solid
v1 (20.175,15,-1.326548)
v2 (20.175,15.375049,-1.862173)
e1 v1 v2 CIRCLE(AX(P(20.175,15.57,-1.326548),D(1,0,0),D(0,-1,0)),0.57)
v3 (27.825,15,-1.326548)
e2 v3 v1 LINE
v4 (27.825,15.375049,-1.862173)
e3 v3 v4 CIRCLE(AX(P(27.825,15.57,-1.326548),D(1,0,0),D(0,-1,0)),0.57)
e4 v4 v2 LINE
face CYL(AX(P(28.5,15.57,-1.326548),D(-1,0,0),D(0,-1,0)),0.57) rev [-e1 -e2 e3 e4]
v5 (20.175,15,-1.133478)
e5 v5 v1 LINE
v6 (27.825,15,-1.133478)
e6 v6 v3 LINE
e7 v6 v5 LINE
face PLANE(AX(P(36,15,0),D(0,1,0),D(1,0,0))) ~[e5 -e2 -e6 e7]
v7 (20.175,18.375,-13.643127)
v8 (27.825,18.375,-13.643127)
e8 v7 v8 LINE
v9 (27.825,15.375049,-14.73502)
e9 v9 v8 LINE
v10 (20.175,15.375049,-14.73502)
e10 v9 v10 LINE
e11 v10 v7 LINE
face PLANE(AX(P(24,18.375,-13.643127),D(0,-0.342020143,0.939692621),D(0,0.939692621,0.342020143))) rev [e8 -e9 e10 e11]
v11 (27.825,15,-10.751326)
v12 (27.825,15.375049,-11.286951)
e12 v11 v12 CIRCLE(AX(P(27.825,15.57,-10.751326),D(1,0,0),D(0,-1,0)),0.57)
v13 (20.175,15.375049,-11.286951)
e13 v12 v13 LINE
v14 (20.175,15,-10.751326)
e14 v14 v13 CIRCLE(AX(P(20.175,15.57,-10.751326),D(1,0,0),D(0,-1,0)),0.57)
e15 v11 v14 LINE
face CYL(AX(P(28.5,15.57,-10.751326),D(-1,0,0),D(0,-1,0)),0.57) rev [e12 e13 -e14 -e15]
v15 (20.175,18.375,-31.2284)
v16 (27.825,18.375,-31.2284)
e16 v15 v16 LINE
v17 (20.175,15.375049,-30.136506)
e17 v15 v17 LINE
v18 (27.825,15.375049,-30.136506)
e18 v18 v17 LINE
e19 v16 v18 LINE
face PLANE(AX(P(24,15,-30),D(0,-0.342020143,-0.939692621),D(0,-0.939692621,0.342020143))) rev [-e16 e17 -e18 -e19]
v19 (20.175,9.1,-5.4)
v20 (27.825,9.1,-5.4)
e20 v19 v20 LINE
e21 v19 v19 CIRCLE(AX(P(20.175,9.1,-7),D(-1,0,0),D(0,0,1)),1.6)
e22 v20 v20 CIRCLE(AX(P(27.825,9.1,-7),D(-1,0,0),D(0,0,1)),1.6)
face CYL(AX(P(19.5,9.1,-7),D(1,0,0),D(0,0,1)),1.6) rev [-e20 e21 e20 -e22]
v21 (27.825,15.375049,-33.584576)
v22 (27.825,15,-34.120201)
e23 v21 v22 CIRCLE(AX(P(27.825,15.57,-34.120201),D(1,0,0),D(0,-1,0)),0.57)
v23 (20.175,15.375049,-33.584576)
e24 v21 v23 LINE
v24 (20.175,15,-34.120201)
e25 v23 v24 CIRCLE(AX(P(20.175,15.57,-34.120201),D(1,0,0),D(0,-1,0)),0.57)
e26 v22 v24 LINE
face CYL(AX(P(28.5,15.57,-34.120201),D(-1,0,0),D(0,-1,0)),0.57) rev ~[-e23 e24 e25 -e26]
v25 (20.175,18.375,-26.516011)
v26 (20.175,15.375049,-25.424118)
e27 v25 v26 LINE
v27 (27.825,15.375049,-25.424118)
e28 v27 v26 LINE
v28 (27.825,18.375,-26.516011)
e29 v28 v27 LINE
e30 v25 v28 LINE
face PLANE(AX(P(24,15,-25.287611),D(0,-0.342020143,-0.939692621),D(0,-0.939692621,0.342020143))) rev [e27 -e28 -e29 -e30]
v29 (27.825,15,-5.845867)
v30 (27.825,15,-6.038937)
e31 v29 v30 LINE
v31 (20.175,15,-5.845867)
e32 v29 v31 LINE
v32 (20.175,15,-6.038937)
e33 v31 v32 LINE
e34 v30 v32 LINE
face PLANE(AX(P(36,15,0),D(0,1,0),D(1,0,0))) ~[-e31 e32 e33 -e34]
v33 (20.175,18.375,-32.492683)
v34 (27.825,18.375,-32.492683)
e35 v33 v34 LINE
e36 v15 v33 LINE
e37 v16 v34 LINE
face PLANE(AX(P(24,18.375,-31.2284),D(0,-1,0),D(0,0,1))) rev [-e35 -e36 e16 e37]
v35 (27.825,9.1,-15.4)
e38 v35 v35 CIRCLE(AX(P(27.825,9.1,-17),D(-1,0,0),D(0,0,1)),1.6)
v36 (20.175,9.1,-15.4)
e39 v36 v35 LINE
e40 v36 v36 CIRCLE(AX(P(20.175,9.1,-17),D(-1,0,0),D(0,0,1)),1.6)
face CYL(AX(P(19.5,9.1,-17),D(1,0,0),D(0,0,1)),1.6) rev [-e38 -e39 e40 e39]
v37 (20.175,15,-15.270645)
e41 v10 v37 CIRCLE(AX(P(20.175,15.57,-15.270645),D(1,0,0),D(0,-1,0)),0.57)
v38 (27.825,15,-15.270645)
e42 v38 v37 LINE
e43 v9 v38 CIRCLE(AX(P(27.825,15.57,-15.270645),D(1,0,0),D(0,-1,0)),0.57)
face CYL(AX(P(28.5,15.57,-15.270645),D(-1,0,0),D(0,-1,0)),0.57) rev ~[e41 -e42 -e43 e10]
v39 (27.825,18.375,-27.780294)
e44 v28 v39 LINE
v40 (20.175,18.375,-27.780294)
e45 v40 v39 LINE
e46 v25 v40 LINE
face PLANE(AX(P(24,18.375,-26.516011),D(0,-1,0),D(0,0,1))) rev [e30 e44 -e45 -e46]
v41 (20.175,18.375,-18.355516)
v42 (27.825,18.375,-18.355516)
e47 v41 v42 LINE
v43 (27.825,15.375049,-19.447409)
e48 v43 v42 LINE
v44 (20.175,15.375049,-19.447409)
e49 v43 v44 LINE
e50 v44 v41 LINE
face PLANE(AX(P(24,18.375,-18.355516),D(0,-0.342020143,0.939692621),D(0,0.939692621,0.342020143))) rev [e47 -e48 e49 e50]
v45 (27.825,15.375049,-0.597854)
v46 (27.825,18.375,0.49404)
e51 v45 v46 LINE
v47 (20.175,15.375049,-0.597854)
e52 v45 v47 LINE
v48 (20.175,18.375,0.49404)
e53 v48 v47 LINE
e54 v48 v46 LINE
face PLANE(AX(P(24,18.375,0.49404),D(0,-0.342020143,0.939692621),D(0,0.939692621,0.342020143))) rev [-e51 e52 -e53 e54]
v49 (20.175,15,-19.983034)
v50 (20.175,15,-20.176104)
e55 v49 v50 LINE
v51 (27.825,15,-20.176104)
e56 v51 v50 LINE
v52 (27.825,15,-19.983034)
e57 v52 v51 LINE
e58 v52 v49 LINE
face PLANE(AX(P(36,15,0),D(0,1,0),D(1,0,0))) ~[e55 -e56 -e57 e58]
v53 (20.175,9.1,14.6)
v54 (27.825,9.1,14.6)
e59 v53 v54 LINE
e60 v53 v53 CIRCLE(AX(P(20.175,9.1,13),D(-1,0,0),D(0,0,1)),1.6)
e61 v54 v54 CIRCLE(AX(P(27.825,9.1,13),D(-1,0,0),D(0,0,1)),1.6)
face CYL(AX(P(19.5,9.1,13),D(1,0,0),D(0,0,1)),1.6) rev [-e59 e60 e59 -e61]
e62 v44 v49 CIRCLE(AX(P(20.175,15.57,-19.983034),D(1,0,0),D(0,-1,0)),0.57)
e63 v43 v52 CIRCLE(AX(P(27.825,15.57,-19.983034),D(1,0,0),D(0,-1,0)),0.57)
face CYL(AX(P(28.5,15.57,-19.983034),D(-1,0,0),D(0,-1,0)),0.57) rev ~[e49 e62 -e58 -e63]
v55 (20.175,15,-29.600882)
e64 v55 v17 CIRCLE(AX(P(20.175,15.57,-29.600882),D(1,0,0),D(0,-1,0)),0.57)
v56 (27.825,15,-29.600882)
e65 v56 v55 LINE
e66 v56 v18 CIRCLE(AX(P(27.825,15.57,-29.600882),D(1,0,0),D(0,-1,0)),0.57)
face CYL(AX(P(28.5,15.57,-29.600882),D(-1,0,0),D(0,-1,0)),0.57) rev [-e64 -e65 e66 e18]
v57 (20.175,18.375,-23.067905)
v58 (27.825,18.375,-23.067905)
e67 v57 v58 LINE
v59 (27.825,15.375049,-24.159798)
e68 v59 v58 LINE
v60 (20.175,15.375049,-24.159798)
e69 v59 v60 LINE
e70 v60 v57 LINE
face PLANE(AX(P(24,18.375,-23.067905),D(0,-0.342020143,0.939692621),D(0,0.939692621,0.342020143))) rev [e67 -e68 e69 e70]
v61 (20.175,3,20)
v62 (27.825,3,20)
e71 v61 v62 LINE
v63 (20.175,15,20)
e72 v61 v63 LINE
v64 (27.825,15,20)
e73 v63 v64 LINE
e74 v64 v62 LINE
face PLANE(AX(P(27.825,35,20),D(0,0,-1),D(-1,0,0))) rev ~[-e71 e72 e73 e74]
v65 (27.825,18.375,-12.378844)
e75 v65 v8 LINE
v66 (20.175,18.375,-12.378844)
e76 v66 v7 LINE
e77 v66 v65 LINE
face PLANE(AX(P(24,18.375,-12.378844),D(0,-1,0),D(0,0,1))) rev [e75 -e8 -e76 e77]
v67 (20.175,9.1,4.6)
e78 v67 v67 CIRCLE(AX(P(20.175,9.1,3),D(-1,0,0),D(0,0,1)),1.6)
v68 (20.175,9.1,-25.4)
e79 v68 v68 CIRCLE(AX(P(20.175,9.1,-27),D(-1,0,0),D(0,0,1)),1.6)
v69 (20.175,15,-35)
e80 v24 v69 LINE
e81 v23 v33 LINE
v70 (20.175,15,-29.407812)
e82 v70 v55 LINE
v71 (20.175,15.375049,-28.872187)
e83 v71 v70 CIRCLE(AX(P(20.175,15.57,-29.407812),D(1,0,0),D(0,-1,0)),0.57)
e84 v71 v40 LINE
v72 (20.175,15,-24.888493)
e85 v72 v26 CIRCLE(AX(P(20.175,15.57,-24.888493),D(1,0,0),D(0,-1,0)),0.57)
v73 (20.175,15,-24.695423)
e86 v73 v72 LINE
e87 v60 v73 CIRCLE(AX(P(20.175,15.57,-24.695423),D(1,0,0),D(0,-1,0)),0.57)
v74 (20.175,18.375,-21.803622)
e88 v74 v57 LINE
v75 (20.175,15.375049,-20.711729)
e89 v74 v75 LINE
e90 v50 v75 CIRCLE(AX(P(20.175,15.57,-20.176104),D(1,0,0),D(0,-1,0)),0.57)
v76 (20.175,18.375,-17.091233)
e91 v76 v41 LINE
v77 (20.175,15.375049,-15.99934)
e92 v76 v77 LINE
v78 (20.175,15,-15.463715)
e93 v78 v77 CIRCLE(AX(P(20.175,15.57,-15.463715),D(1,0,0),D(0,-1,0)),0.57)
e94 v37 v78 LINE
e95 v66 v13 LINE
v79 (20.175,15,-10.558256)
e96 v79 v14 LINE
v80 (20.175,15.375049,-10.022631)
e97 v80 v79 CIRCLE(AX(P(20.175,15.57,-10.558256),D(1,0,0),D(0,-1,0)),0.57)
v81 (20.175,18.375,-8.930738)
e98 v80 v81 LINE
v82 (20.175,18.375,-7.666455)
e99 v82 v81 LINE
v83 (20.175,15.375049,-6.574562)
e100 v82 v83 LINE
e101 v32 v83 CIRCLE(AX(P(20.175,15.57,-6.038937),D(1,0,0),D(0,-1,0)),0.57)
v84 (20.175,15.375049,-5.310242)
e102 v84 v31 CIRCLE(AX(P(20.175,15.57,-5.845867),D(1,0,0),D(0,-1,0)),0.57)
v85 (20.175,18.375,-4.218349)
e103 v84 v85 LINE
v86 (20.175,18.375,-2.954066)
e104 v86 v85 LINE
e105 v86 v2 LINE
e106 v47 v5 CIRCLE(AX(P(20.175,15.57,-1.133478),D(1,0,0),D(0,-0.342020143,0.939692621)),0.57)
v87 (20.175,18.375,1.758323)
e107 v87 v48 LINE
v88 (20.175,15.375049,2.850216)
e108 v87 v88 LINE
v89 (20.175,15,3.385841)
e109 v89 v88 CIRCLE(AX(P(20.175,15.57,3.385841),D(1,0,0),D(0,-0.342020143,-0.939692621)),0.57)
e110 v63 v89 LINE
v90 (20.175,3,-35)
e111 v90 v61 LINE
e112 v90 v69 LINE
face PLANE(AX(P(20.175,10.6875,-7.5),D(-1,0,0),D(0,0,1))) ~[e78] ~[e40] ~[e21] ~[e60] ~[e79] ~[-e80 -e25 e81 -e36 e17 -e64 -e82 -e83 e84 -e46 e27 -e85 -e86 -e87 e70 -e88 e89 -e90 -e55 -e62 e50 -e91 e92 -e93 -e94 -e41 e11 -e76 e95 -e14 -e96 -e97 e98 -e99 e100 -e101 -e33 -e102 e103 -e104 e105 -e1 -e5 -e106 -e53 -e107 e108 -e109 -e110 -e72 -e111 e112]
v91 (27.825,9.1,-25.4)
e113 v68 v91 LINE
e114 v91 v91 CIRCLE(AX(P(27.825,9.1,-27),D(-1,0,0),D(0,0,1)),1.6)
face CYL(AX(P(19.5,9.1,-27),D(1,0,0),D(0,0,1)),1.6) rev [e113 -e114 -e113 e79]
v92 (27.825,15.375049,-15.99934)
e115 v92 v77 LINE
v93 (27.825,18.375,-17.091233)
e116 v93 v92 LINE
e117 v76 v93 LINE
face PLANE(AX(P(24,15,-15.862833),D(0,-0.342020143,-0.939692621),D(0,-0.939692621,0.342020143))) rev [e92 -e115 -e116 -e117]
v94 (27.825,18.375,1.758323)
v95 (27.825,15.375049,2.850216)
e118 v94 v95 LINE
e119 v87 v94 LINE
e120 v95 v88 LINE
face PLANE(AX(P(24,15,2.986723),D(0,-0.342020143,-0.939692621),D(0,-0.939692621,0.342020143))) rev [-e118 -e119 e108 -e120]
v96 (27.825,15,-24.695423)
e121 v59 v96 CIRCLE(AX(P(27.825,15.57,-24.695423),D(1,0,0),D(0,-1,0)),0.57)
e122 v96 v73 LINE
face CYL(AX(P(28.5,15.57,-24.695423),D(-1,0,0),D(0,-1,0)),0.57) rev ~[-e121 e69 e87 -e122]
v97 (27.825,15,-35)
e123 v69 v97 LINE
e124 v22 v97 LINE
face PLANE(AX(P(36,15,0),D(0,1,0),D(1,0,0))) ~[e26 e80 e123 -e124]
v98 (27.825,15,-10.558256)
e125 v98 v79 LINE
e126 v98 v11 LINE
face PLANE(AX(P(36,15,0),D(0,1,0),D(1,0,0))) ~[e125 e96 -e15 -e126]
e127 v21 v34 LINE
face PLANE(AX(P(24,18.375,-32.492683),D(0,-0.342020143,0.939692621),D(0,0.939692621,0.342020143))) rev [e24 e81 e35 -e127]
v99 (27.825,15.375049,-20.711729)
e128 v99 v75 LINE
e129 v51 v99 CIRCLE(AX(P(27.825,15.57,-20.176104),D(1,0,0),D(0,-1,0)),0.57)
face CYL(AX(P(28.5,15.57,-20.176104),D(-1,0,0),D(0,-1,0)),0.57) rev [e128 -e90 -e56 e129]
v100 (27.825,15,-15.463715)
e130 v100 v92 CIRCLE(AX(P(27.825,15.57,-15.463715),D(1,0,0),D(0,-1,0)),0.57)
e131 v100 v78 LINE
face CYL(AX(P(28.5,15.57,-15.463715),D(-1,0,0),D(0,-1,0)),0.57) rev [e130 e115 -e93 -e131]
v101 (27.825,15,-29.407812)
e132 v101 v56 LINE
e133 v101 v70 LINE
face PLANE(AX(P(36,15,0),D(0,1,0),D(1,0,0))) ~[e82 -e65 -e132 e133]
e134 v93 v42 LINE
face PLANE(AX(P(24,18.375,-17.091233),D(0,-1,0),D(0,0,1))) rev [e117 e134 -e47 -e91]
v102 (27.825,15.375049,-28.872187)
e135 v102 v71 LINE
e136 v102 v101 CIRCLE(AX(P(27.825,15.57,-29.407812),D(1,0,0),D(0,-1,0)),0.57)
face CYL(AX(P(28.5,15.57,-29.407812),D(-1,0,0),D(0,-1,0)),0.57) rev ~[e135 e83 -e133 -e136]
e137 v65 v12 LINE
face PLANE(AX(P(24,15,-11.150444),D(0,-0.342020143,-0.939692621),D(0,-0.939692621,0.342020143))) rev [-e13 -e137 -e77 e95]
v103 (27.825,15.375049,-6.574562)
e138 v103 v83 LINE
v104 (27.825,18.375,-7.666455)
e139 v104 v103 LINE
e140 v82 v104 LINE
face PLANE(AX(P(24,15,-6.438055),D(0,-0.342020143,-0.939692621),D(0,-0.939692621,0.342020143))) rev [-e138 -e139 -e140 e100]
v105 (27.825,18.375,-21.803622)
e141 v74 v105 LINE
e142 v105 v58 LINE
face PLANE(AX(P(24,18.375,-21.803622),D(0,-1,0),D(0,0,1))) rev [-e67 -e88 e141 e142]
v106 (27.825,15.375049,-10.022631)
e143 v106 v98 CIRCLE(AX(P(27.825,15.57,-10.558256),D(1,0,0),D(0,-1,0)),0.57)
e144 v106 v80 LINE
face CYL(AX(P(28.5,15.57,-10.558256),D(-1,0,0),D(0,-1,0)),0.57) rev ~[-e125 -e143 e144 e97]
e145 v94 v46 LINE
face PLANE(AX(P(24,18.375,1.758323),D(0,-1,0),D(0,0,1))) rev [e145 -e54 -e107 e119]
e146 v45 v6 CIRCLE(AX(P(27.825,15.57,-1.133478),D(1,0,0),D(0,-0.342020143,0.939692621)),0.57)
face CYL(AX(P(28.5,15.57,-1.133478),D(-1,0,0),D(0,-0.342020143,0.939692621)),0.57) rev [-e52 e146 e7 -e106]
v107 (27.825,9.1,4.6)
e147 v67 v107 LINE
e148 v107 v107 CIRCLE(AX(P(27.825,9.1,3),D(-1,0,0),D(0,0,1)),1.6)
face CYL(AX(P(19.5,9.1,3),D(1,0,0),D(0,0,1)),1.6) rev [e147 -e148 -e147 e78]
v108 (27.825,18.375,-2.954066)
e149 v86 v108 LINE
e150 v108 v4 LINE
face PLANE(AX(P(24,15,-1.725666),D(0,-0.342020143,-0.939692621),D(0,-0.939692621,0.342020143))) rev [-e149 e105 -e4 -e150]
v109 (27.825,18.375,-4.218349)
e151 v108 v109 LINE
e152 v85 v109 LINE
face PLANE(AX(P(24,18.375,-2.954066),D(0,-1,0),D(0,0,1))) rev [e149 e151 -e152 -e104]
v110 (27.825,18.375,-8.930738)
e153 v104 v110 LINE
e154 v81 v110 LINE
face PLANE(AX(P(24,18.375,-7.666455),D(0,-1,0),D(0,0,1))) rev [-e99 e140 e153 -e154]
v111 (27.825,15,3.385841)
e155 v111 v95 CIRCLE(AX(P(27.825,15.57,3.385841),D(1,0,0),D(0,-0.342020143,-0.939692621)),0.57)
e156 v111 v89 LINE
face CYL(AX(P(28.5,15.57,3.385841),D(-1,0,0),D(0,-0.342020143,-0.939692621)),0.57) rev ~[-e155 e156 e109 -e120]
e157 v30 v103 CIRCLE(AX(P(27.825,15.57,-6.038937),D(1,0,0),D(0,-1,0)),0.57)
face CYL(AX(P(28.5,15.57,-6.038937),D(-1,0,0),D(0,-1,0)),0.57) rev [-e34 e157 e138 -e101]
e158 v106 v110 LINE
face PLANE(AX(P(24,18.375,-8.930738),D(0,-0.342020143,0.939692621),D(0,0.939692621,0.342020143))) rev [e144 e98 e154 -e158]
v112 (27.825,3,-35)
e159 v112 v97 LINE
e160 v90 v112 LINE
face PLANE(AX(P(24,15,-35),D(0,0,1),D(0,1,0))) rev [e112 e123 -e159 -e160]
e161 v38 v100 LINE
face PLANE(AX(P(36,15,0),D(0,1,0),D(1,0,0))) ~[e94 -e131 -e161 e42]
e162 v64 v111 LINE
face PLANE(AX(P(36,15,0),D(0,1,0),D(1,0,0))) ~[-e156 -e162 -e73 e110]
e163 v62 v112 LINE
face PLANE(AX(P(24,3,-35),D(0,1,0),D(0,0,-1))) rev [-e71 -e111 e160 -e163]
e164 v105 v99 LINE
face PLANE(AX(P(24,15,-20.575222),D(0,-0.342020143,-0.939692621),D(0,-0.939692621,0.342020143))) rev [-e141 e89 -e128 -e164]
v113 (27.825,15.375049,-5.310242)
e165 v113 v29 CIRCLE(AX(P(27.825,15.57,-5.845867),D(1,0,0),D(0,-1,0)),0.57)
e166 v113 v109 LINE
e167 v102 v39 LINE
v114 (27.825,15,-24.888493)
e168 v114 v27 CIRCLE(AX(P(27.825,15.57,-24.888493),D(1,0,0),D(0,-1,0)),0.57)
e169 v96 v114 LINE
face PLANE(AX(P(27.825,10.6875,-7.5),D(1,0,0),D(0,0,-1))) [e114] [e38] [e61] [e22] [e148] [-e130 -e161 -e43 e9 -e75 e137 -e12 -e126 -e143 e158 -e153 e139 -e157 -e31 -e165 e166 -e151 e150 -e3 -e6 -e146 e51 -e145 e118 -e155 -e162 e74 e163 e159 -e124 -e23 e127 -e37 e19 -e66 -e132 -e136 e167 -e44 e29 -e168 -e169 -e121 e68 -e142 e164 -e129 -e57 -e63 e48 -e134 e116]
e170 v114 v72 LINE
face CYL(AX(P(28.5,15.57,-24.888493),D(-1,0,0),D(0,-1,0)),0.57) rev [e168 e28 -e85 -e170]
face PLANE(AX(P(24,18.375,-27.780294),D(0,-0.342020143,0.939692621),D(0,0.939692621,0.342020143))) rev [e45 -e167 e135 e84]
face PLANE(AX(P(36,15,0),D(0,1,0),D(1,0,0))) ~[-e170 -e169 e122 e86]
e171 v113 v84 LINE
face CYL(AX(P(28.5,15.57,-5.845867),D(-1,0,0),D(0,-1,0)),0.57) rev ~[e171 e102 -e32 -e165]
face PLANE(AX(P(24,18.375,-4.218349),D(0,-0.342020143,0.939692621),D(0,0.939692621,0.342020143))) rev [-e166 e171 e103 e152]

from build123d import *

# Parameters (mm, degrees)
ESQUISSE1_W                 = 24
ESQUISSE1_H                 = 30
MAIN_EXTRUSION_DEPTH        = 30
MAIN_RIDING_HOLE_DEPTH      = 36.623026261
ESQUISSE4_R                 = 2.25
TRACTORHOLE_DEPTH           = 8
IMPACTPIECE_DEPTH           = 4.5
CONG_1_R                    = 3
TEETH_DEPTH                 = 4.5
CONG_3_R                    = 0.57
TEETHREPETITION_COUNT       = 8
TEETHREPETITION_PITCH       = 4.71238898
CONG_3_OF_TEETHREPETITION_R = 0.57
ESQUISSE9_W                 = 55
ESQUISSE9_H                 = 15.375
BRACKET_DEPTH               = 0.675
ESQUISSE10_R                = 1.6
BRACKETHOLE_DEPTH           = 60.348546739
BRACKETHOLEREPETITION_COUNT = 5
BRACKETHOLEREPETITION_PITCH = 10
ESQUISSE11_W                = 7.5
ESQUISSE11_H                = 5.5
ESQUISSE11_H_2              = 7.6
RAILHOLE_DEPTH              = 20
TOPIMPACTCUT_DEPTH          = 60.348546739
ESQUISSE13_W                = 24
ESQUISSE13_H                = 50
MAKERBEAMMAINHOLE_DEPTH     = 95.451045521
KEEPONLYTRACTOR1_DEPTH      = 77.295478241
SKETCH2_W                   = 20
SKETCH2_H                   = 5.6
KEEPONLYTRACTOR2_DEPTH      = 41.263670039


with BuildPart() as part:
    # Esquisse1 → Main Extrusion (new body)
    with BuildSketch(Plane.XY):
        Rectangle(ESQUISSE1_W, ESQUISSE1_H)
    extrude(amount=MAIN_EXTRUSION_DEPTH)

    # Esquisse3 → Main Riding Hole (cut, through all)
    with BuildSketch(Plane(origin=(0, 0, 0), x_dir=(-1, 0, 0), z_dir=(0, 0, -1))):
        Polygon((-5.2, -1.6), (-5.2, -5.4), (-4.2, -5.4), (-4.2, -8.2), (-5.2, -8.2), (-5.2, -12), (-1.4, -12), (-1.4, -11), (1.4, -11), (1.4, -12), (5.2, -12), (5.2, -8.2), (4.2, -8.2), (4.2, -5.4), (5.2, -5.4), (5.2, -1.6), (1.4, -1.6), (1.4, -2.6), (-1.4, -2.6), (-1.4, -1.6), align=None)
    extrude(amount=-MAIN_RIDING_HOLE_DEPTH, mode=Mode.SUBTRACT)

    # Esquisse4 → TractorHole (cut)
    with BuildSketch(Plane.ZY.offset(12)):
        with Locations(Location((5, -6.8, 0), (0, 0, 270))):
            Circle(ESQUISSE4_R)
    tractorhole = extrude(amount=-TRACTORHOLE_DEPTH, mode=Mode.SUBTRACT)

    # TractorHoleSymetry: TractorHole across plane
    add(tractorhole.mirror(Plane(origin=(0, 0, 0), x_dir=(0, 0, 1), z_dir=(1, 0, 0))), mode=Mode.SUBTRACT)

    # Esquisse5 → ImpactPiece (add, symmetric)
    with BuildSketch(Plane(origin=(0, 0, 0), x_dir=(0, 0, -1), z_dir=(1, 0, 0))):
        Polygon((-45, 5), (-45, 35), (-25, 35), (-21.473460386, 15), (35, 15), (35, 3), (0, 3), (0, 5), align=None)
    extrude(amount=IMPACTPIECE_DEPTH, both=True)

    # Congé1
    cong_1_edges = [part.edges().sort_by_distance(p)[0] for p in [
        (4.5, 15, 25.736730193),
        (-4.5, 15, 25.736730193),
    ]]
    fillet(cong_1_edges, radius=CONG_1_R)

    # Esquisse8 → Teeth (add, symmetric)
    with BuildSketch(Plane(origin=(0, 0, 0), x_dir=(0, 0, -1), z_dir=(1, 0, 0))):
        Polygon((30, 15), (31.228399541, 18.375), (32.492683328, 18.375), (33.721082869, 15), align=None)
    teeth = extrude(amount=TEETH_DEPTH, both=True)

    # Congé3
    cong_3_edges = [part.edges().sort_by_distance(p)[0] for p in [
        (0, 15, -30),
        (0, 15, -33.721082869),
    ]]
    fillet(cong_3_edges, radius=CONG_3_R)

    # TeethRepetition: Teeth ×8
    with Locations(*[(0, 0, i * TEETHREPETITION_PITCH) for i in range(1, TEETHREPETITION_COUNT)]):
        add(teeth)

    # Congé3 of TeethRepetition
    cong_3_of_teethrepetition_edges = [part.edges().sort_by_distance(p)[0] for p in [
        (0, 15, -25.28761102),
        (0, 15, -29.008693889),
        (0, 15, -20.57522204),
        (0, 15, -24.296304909),
        (0, 15, -15.86283306),
        (0, 15, -19.583915929),
        (0, 15, -11.15044408),
        (0, 15, -14.871526949),
        (0, 15, -6.4380551),
        (0, 15, -10.159137969),
        (0, 15, -1.72566612),
        (0, 15, -5.446748989),
        (0, 15, 2.98672286),
        (0, 15, -0.734360009),
    ]]
    fillet(cong_3_of_teethrepetition_edges, radius=CONG_3_OF_TEETHREPETITION_R)

    # Esquisse9 → Bracket (cut, symmetric)
    with BuildSketch(Plane(origin=(4.5, 0, 0), x_dir=(0, 0, -1), z_dir=(1, 0, 0))):
        with Locations((7.5, 10.6875)):
            Rectangle(ESQUISSE9_W, ESQUISSE9_H)
    bracket = extrude(amount=BRACKET_DEPTH, both=True, mode=Mode.SUBTRACT)

    # Esquisse10 → BracketHole (cut, symmetric)
    with BuildSketch(Plane.ZY.offset(-4.5)):
        with Locations((-27, 9.1)):
            Circle(ESQUISSE10_R)
    brackethole = extrude(amount=BRACKETHOLE_DEPTH, both=True, mode=Mode.SUBTRACT)

    # BracketHoleRepetition: BracketHole ×5
    with Locations(*[(0, 0, i * BRACKETHOLEREPETITION_PITCH) for i in range(1, BRACKETHOLEREPETITION_COUNT)]):
        add(brackethole, mode=Mode.SUBTRACT)

    # Symétrie1: Bracket across plane
    add(bracket.mirror(Plane(origin=(0, 0, 0), x_dir=(0, 0, 1), z_dir=(1, 0, 0))), mode=Mode.SUBTRACT)

    # Esquisse11 → RailHole (cut)
    with BuildSketch(Plane(origin=(0, 0, 0), x_dir=(-1, 0, 0), z_dir=(0, 0, -1))):
        with Locations((8.25, 3.15)):
            Rectangle(ESQUISSE11_W, ESQUISSE11_H)
        with Locations((8.25, 16.2)):
            Rectangle(ESQUISSE11_W, ESQUISSE11_H_2)
    extrude(amount=-RAILHOLE_DEPTH, mode=Mode.SUBTRACT)

    # Esquisse12 → TopImpactCut (cut, through all)
    with BuildSketch(Plane(origin=(4.5, 0, 0), x_dir=(0, 0, -1), z_dir=(1, 0, 0))):
        Polygon((-45, 30), (-40, 35), (-45, 35), align=None)
    extrude(amount=-TOPIMPACTCUT_DEPTH, mode=Mode.SUBTRACT)


with BuildPart() as body_2:
    # Symétrie2: mirrored copy
    add(part.part.mirror(Plane(origin=(12, 15, 30), x_dir=(0, 0, 1), z_dir=(-1, 0, 0))))

    # Sketch1 → KeepOnlyTractor1 (cut, through all)
    with BuildSketch(Plane(origin=(0, 35, 0), x_dir=(1, 0, 0), z_dir=(0, 1, 0))):
        Polygon((12, 0), (12, -45), (36, -45), (36, 0), (27.825, 0.05190699), (27.825, -20), (20.175, -20), (20.175, 0), align=None)
    extrude(amount=-KEEPONLYTRACTOR1_DEPTH, mode=Mode.SUBTRACT)


with BuildPart() as part_1:
    add(part.part)

    # Esquisse13 → MakerBeamMainHole (cut, through all)
    with BuildSketch(Plane(origin=(0, 0, -35), x_dir=(-1, 0, 0), z_dir=(0, 0, -1))):
        with Locations((0, 10)):
            Rectangle(ESQUISSE13_W, ESQUISSE13_H)
    extrude(amount=-MAKERBEAMMAINHOLE_DEPTH, mode=Mode.SUBTRACT)


with BuildPart() as keeponlytractor1_kept_piece:
    # of the separate pieces the step leaves, the one the design keeps (keeponlytractor1_pieces_kept)
    add(body_2.part.solids().sort_by_distance((27.825, 15, 3.385841157))[0])

    # Sketch2 → KeepOnlyTractor2 (cut, through all)
    with BuildSketch(Plane.ZY.offset(-20.175)):
        with Locations((10, 0.2)):
            Rectangle(SKETCH2_W, SKETCH2_H)
    extrude(amount=-KEEPONLYTRACTOR2_DEPTH, mode=Mode.SUBTRACT)


solid = keeponlytractor1_kept_piece.part
